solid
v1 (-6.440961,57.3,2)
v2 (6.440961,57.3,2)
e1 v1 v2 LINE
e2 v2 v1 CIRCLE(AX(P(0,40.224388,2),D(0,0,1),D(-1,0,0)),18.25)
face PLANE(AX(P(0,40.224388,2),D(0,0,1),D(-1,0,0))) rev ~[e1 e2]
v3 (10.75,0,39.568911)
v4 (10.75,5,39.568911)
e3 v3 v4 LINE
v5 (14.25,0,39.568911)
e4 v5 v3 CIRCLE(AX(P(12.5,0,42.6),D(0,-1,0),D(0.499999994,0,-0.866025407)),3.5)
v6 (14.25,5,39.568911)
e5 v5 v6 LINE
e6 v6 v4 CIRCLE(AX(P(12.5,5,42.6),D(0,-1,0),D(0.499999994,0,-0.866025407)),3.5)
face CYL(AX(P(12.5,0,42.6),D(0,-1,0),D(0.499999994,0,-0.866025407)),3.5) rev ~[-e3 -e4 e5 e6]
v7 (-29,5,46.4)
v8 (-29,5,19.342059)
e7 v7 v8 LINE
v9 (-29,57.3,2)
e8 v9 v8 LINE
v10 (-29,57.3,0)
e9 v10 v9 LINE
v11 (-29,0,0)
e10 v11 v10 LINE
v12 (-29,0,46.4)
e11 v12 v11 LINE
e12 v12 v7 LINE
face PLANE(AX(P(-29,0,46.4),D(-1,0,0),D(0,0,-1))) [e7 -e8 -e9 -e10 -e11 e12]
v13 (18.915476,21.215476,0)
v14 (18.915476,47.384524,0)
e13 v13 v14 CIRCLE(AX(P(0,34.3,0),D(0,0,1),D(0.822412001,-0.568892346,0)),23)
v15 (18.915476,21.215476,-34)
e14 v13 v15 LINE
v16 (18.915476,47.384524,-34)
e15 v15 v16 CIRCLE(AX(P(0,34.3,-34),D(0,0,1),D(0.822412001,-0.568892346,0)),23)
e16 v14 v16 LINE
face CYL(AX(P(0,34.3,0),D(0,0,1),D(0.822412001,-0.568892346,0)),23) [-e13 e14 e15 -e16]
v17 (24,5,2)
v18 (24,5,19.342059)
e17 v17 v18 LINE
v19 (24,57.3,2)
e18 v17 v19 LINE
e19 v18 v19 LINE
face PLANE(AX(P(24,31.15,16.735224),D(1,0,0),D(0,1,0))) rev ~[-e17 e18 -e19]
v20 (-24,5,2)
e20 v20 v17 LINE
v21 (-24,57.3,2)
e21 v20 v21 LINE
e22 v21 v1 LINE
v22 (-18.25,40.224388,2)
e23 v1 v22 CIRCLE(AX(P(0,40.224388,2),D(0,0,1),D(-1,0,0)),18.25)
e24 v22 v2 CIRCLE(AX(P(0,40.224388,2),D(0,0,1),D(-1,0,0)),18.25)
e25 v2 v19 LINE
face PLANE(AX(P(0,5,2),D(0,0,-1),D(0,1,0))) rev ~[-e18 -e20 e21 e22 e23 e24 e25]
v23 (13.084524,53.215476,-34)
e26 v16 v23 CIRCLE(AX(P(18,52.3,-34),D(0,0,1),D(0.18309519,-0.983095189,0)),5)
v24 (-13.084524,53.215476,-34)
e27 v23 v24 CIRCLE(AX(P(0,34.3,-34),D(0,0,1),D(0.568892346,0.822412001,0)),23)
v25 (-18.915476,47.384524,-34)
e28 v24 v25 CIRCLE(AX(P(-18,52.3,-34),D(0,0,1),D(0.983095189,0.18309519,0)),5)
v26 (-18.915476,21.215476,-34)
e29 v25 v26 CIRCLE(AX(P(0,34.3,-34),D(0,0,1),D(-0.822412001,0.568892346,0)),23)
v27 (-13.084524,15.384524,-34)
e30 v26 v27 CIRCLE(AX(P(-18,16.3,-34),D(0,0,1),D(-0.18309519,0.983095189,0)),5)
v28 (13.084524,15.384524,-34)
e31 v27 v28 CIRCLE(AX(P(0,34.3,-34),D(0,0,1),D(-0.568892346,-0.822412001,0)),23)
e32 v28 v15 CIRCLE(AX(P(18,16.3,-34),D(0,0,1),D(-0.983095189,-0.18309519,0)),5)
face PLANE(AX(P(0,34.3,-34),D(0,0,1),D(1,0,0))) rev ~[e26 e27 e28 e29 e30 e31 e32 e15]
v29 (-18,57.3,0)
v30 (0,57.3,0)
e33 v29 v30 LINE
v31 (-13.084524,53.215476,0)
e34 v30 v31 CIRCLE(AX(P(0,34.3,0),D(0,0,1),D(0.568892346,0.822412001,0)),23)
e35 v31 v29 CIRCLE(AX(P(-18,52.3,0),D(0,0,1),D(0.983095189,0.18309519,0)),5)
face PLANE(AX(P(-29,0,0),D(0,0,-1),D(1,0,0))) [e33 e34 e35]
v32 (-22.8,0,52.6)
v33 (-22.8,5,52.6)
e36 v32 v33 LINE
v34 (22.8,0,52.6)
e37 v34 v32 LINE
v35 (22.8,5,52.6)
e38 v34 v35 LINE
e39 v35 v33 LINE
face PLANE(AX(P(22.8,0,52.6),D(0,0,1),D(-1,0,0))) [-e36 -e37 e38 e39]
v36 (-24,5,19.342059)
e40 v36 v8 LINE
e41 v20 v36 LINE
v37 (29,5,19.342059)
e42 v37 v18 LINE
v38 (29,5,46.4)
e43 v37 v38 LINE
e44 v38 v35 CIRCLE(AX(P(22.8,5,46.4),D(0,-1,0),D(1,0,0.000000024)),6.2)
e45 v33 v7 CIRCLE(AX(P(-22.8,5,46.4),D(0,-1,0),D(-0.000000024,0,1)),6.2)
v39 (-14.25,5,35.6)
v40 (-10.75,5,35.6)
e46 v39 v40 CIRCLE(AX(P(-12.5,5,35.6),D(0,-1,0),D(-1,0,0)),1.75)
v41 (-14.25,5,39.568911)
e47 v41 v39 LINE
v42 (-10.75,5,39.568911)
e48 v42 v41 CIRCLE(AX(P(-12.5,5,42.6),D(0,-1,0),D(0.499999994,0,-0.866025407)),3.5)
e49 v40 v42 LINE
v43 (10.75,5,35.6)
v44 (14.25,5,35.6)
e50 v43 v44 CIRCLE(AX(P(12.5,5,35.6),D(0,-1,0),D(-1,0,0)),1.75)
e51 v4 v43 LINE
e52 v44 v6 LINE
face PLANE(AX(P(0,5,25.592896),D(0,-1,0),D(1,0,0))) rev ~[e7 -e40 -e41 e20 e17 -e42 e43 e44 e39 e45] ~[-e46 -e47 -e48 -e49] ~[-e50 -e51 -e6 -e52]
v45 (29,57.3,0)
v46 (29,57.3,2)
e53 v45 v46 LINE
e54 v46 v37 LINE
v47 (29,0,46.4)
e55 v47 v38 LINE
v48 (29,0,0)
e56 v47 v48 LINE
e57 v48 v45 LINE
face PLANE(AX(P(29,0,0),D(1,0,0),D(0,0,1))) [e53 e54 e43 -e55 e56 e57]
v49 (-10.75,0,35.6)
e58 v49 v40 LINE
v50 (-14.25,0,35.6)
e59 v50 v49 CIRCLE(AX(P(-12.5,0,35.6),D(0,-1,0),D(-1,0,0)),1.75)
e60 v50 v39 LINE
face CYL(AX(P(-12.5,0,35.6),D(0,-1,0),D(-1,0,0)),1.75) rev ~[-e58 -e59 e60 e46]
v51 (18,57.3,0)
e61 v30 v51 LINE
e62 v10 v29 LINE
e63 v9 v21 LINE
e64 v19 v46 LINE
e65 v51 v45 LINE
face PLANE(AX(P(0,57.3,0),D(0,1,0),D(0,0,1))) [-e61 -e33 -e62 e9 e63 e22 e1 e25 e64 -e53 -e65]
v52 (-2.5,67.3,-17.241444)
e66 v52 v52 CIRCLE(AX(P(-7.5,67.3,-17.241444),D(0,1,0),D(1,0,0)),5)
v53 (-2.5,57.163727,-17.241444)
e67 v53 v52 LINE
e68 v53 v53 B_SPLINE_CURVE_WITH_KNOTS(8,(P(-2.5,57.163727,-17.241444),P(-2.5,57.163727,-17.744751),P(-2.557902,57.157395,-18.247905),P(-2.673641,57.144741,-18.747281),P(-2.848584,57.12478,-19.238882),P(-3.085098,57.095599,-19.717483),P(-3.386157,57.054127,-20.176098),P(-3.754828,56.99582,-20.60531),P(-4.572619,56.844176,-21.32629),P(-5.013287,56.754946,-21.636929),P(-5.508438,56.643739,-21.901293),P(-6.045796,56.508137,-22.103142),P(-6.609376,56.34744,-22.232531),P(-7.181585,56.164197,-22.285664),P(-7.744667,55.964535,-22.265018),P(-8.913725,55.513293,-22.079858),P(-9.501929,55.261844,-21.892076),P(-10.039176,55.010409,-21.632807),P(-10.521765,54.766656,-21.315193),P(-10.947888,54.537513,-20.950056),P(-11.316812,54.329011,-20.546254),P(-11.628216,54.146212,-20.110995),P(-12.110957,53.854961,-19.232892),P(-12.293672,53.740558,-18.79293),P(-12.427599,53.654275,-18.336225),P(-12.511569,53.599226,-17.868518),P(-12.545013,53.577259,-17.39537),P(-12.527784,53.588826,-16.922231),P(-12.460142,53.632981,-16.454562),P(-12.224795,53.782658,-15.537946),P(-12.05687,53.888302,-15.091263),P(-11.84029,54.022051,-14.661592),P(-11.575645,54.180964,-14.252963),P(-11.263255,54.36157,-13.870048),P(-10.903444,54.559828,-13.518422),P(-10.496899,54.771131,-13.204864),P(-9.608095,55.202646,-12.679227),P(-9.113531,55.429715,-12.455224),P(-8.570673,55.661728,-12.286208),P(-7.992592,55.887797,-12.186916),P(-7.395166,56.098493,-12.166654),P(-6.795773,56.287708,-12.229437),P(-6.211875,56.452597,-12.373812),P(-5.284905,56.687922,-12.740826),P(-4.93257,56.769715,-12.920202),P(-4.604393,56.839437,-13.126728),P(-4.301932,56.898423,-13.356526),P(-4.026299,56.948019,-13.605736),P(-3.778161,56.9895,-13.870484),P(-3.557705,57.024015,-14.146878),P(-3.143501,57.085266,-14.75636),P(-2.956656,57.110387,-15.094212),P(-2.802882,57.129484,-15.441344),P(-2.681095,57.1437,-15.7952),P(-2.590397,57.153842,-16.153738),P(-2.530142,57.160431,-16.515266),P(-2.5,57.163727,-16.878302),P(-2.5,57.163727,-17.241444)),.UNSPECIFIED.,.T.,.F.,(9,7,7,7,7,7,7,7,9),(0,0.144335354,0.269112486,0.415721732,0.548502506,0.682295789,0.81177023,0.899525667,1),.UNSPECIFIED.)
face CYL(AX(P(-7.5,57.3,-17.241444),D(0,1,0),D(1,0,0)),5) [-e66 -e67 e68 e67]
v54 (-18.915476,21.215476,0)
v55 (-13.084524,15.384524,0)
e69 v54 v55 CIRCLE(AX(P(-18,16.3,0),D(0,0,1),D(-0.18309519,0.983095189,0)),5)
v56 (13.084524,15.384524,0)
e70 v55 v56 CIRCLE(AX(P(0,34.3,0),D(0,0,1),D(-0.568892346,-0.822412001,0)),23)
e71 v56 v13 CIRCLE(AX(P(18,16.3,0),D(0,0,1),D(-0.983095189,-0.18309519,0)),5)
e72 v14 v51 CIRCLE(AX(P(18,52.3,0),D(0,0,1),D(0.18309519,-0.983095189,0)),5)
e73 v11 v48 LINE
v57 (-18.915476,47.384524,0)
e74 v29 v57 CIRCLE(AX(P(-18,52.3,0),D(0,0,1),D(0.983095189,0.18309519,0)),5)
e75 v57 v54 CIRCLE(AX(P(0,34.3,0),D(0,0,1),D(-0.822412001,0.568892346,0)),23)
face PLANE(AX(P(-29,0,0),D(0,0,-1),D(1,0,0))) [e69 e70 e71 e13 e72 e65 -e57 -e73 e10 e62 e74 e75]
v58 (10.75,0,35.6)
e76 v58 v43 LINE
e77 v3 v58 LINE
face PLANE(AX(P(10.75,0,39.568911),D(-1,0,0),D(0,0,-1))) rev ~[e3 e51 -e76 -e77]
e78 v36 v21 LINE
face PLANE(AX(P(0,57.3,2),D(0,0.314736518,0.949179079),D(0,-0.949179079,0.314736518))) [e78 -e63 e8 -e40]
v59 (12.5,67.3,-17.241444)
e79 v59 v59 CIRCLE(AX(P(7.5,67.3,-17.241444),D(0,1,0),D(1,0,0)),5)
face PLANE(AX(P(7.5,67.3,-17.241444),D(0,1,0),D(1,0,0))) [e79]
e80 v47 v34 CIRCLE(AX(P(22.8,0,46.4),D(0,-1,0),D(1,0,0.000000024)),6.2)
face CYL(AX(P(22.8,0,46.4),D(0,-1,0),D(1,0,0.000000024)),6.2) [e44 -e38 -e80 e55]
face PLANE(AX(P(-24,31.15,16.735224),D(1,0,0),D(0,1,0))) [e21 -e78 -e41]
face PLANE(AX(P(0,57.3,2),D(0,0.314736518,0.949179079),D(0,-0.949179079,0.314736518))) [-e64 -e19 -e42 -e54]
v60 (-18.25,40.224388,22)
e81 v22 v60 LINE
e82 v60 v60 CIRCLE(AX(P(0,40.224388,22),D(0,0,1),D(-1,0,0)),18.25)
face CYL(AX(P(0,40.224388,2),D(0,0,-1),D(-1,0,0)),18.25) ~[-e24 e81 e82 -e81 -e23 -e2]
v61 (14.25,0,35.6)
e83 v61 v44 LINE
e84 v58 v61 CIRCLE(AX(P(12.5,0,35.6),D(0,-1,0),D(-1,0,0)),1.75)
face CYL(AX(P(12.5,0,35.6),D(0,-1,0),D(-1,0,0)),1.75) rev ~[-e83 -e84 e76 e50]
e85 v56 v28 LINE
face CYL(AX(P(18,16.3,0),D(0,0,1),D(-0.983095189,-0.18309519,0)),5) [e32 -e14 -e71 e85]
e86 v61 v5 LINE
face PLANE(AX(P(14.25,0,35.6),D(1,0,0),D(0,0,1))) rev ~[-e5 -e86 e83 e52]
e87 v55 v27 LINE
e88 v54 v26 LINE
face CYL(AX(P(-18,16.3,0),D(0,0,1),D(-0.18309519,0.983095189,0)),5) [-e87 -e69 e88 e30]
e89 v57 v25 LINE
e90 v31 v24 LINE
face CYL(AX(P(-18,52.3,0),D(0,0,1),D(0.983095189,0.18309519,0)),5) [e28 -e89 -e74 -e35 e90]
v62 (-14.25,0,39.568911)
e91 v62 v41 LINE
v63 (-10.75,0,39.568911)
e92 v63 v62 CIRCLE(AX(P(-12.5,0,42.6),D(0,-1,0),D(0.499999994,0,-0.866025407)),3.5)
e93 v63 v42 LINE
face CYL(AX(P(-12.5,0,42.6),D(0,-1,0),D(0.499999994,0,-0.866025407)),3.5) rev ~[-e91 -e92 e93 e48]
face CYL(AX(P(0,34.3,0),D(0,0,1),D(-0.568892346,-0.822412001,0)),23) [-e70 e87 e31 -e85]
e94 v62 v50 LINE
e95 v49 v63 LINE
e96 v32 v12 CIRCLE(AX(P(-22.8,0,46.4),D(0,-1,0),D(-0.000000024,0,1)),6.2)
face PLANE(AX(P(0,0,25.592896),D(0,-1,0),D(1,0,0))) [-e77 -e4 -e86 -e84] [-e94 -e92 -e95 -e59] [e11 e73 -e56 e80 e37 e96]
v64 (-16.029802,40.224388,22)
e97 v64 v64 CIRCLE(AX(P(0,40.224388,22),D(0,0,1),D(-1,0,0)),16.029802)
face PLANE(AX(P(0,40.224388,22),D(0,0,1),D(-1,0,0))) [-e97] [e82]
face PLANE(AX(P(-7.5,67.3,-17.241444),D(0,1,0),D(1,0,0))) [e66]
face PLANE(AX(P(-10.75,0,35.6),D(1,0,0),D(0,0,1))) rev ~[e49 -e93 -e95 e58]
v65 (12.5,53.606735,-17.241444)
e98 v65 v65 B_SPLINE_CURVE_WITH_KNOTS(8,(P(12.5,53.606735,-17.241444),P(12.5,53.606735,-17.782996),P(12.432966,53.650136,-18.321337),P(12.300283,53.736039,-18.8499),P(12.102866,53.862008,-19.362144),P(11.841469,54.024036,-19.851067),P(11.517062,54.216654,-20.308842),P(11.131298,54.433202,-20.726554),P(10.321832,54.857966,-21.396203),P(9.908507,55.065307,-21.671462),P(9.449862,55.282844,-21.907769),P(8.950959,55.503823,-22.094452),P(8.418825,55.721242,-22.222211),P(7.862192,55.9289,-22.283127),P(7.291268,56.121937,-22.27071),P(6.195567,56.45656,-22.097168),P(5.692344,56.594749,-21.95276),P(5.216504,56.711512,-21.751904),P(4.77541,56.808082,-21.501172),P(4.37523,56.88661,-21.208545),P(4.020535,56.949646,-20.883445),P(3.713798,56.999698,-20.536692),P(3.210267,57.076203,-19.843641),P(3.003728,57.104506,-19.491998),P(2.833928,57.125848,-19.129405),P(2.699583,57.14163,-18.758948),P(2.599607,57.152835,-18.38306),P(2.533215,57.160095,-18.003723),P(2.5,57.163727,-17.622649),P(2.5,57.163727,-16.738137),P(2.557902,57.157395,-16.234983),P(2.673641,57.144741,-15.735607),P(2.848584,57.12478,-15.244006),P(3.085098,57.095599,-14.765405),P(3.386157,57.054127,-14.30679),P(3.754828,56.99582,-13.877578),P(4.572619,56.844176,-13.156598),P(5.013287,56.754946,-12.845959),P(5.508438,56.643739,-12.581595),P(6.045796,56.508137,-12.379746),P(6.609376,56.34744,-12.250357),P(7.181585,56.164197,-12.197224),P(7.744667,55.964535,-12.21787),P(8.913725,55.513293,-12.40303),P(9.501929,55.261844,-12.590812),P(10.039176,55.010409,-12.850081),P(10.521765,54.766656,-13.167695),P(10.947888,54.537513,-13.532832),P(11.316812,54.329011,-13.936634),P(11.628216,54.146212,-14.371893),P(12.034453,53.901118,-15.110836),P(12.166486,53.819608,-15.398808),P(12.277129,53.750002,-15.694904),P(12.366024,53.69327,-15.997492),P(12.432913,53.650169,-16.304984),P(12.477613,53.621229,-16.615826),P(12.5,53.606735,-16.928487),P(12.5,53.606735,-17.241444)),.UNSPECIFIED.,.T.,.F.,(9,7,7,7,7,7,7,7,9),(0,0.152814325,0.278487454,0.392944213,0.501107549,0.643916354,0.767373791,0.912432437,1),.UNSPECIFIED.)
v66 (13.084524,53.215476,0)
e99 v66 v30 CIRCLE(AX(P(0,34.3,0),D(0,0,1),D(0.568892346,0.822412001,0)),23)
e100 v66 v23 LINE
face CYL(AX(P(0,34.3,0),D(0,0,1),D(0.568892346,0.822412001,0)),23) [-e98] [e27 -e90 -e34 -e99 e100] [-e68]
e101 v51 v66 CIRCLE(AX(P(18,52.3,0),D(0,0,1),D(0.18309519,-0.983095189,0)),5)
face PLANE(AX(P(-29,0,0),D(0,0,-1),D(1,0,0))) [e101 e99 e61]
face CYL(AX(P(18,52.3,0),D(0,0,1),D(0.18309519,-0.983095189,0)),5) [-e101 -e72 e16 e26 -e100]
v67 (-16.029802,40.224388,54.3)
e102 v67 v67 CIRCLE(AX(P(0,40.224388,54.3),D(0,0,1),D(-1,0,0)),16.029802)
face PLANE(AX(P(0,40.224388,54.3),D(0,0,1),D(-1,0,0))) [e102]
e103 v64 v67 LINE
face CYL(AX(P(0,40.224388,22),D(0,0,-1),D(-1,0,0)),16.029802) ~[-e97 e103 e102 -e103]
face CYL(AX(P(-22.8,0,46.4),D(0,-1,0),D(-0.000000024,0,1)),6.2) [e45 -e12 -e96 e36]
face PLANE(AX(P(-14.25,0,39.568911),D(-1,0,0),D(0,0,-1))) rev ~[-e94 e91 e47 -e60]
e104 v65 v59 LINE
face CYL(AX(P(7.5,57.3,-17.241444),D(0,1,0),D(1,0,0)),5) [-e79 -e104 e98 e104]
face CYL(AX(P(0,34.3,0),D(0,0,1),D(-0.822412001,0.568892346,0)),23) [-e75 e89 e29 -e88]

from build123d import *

# Parameters (mm, degrees)
PAD_DEPTH    = 5
PAD001_DEPTH = 29
SKETCH002_W  = 52.3
SKETCH002_H  = 29.470448
POCKET_DEPTH = 24
PAD002_DEPTH = 34
SKETCH004_R  = 18.25
PAD003_DEPTH = 20
SKETCH005_R  = 16.029802
PAD004_DEPTH = 32.3
SKETCH006_R  = 5
PAD005_DEPTH = 10


with BuildPart() as part:
    # Sketch → Pad (new body)
    with BuildSketch(Plane.XZ):
        with BuildLine():
            Line((29, 0), (29, 46.4))
            ThreePointArc((29, 46.4), (27.184062, 50.784062), (22.8, 52.6))
            Line((22.8, 52.6), (-22.8, 52.6))
            ThreePointArc((-22.8, 52.6), (-27.184062, 50.784062), (-29, 46.4))
            Line((-29, 46.4), (-29, 0))
            Line((-29, 0), (29, 0))
        make_face()
        with BuildLine():
            ThreePointArc((-10.75, 39.568911), (-12.5, 46.1), (-14.25, 39.568911))
            Line((-14.25, 39.568911), (-14.25, 35.6))
            ThreePointArc((-14.25, 35.6), (-12.5, 33.85), (-10.75, 35.6))
            Line((-10.75, 35.6), (-10.75, 39.568911))
        make_face(mode=Mode.SUBTRACT)
        with BuildLine():
            ThreePointArc((14.25, 39.568911), (12.5, 46.1), (10.75, 39.568911))
            Line((10.75, 39.568911), (10.75, 35.6))
            ThreePointArc((10.75, 35.6), (12.5, 33.85), (14.25, 35.6))
            Line((14.25, 35.6), (14.25, 39.568911))
        make_face(mode=Mode.SUBTRACT)
    extrude(amount=-PAD_DEPTH)

    # Sketch001 → Pad001 (join, symmetric)
    with BuildSketch(Plane.YZ):
        Polygon((0, 0), (57.3, 0), (57.3, 2), (0, 21), align=None)
    extrude(amount=PAD001_DEPTH, both=True)

    # Sketch002 → Pocket (cut, symmetric)
    with BuildSketch(Plane.YZ):
        with Locations((31.15, 16.735224)):
            Rectangle(SKETCH002_W, SKETCH002_H)
    extrude(amount=POCKET_DEPTH, both=True, mode=Mode.SUBTRACT)

    # Sketch003 → Pad002 (join)
    with BuildSketch(Plane.XY):
        with BuildLine():
            ThreePointArc((-13.084524, 53.215476), (-21.535534, 55.835534), (-18.915476, 47.384524))
            ThreePointArc((-18.915476, 47.384524), (-23, 34.3), (-18.915476, 21.215476))
            ThreePointArc((-18.915476, 21.215476), (-21.535534, 12.764466), (-13.084524, 15.384524))
            ThreePointArc((-13.084524, 15.384524), (0, 11.3), (13.084524, 15.384524))
            ThreePointArc((13.084524, 15.384524), (21.535534, 12.764466), (18.915476, 21.215476))
            ThreePointArc((18.915476, 21.215476), (23, 34.3), (18.915476, 47.384524))
            ThreePointArc((18.915476, 47.384524), (21.535534, 55.835534), (13.084524, 53.215476))
            ThreePointArc((13.084524, 53.215476), (0, 57.3), (-13.084524, 53.215476))
        make_face()
    extrude(amount=-PAD002_DEPTH)

    # Sketch004 (on Face30 of Pad002) → Pad003 (join)
    with BuildSketch(Plane(origin=(0, 0, 2), x_dir=(-1, 0, 0), z_dir=(0, 0, 1))):
        with Locations((0, -40.224388)):
            Circle(SKETCH004_R)
    extrude(amount=PAD003_DEPTH)

    # Sketch005 (on Face44 of Pad003) → Pad004 (join)
    with BuildSketch(Plane(origin=(0, 0, 22), x_dir=(-1, 0, 0), z_dir=(0, 0, 1))):
        with Locations((0, -40.224388)):
            Circle(SKETCH005_R)
    extrude(amount=PAD004_DEPTH)

    # Sketch006 (on Face11 of Pad004) → Pad005 (join, symmetric)
    with BuildSketch(Plane(origin=(0, 57.3, 0), x_dir=(1, 0, 0), z_dir=(0, 1, 0))):
        with Locations((-7.5, 17.241444)):
            Circle(SKETCH006_R)
        with Locations((7.5, 17.241444)):
            Circle(SKETCH006_R)
    extrude(amount=PAD005_DEPTH, both=True)


solid = part.part
